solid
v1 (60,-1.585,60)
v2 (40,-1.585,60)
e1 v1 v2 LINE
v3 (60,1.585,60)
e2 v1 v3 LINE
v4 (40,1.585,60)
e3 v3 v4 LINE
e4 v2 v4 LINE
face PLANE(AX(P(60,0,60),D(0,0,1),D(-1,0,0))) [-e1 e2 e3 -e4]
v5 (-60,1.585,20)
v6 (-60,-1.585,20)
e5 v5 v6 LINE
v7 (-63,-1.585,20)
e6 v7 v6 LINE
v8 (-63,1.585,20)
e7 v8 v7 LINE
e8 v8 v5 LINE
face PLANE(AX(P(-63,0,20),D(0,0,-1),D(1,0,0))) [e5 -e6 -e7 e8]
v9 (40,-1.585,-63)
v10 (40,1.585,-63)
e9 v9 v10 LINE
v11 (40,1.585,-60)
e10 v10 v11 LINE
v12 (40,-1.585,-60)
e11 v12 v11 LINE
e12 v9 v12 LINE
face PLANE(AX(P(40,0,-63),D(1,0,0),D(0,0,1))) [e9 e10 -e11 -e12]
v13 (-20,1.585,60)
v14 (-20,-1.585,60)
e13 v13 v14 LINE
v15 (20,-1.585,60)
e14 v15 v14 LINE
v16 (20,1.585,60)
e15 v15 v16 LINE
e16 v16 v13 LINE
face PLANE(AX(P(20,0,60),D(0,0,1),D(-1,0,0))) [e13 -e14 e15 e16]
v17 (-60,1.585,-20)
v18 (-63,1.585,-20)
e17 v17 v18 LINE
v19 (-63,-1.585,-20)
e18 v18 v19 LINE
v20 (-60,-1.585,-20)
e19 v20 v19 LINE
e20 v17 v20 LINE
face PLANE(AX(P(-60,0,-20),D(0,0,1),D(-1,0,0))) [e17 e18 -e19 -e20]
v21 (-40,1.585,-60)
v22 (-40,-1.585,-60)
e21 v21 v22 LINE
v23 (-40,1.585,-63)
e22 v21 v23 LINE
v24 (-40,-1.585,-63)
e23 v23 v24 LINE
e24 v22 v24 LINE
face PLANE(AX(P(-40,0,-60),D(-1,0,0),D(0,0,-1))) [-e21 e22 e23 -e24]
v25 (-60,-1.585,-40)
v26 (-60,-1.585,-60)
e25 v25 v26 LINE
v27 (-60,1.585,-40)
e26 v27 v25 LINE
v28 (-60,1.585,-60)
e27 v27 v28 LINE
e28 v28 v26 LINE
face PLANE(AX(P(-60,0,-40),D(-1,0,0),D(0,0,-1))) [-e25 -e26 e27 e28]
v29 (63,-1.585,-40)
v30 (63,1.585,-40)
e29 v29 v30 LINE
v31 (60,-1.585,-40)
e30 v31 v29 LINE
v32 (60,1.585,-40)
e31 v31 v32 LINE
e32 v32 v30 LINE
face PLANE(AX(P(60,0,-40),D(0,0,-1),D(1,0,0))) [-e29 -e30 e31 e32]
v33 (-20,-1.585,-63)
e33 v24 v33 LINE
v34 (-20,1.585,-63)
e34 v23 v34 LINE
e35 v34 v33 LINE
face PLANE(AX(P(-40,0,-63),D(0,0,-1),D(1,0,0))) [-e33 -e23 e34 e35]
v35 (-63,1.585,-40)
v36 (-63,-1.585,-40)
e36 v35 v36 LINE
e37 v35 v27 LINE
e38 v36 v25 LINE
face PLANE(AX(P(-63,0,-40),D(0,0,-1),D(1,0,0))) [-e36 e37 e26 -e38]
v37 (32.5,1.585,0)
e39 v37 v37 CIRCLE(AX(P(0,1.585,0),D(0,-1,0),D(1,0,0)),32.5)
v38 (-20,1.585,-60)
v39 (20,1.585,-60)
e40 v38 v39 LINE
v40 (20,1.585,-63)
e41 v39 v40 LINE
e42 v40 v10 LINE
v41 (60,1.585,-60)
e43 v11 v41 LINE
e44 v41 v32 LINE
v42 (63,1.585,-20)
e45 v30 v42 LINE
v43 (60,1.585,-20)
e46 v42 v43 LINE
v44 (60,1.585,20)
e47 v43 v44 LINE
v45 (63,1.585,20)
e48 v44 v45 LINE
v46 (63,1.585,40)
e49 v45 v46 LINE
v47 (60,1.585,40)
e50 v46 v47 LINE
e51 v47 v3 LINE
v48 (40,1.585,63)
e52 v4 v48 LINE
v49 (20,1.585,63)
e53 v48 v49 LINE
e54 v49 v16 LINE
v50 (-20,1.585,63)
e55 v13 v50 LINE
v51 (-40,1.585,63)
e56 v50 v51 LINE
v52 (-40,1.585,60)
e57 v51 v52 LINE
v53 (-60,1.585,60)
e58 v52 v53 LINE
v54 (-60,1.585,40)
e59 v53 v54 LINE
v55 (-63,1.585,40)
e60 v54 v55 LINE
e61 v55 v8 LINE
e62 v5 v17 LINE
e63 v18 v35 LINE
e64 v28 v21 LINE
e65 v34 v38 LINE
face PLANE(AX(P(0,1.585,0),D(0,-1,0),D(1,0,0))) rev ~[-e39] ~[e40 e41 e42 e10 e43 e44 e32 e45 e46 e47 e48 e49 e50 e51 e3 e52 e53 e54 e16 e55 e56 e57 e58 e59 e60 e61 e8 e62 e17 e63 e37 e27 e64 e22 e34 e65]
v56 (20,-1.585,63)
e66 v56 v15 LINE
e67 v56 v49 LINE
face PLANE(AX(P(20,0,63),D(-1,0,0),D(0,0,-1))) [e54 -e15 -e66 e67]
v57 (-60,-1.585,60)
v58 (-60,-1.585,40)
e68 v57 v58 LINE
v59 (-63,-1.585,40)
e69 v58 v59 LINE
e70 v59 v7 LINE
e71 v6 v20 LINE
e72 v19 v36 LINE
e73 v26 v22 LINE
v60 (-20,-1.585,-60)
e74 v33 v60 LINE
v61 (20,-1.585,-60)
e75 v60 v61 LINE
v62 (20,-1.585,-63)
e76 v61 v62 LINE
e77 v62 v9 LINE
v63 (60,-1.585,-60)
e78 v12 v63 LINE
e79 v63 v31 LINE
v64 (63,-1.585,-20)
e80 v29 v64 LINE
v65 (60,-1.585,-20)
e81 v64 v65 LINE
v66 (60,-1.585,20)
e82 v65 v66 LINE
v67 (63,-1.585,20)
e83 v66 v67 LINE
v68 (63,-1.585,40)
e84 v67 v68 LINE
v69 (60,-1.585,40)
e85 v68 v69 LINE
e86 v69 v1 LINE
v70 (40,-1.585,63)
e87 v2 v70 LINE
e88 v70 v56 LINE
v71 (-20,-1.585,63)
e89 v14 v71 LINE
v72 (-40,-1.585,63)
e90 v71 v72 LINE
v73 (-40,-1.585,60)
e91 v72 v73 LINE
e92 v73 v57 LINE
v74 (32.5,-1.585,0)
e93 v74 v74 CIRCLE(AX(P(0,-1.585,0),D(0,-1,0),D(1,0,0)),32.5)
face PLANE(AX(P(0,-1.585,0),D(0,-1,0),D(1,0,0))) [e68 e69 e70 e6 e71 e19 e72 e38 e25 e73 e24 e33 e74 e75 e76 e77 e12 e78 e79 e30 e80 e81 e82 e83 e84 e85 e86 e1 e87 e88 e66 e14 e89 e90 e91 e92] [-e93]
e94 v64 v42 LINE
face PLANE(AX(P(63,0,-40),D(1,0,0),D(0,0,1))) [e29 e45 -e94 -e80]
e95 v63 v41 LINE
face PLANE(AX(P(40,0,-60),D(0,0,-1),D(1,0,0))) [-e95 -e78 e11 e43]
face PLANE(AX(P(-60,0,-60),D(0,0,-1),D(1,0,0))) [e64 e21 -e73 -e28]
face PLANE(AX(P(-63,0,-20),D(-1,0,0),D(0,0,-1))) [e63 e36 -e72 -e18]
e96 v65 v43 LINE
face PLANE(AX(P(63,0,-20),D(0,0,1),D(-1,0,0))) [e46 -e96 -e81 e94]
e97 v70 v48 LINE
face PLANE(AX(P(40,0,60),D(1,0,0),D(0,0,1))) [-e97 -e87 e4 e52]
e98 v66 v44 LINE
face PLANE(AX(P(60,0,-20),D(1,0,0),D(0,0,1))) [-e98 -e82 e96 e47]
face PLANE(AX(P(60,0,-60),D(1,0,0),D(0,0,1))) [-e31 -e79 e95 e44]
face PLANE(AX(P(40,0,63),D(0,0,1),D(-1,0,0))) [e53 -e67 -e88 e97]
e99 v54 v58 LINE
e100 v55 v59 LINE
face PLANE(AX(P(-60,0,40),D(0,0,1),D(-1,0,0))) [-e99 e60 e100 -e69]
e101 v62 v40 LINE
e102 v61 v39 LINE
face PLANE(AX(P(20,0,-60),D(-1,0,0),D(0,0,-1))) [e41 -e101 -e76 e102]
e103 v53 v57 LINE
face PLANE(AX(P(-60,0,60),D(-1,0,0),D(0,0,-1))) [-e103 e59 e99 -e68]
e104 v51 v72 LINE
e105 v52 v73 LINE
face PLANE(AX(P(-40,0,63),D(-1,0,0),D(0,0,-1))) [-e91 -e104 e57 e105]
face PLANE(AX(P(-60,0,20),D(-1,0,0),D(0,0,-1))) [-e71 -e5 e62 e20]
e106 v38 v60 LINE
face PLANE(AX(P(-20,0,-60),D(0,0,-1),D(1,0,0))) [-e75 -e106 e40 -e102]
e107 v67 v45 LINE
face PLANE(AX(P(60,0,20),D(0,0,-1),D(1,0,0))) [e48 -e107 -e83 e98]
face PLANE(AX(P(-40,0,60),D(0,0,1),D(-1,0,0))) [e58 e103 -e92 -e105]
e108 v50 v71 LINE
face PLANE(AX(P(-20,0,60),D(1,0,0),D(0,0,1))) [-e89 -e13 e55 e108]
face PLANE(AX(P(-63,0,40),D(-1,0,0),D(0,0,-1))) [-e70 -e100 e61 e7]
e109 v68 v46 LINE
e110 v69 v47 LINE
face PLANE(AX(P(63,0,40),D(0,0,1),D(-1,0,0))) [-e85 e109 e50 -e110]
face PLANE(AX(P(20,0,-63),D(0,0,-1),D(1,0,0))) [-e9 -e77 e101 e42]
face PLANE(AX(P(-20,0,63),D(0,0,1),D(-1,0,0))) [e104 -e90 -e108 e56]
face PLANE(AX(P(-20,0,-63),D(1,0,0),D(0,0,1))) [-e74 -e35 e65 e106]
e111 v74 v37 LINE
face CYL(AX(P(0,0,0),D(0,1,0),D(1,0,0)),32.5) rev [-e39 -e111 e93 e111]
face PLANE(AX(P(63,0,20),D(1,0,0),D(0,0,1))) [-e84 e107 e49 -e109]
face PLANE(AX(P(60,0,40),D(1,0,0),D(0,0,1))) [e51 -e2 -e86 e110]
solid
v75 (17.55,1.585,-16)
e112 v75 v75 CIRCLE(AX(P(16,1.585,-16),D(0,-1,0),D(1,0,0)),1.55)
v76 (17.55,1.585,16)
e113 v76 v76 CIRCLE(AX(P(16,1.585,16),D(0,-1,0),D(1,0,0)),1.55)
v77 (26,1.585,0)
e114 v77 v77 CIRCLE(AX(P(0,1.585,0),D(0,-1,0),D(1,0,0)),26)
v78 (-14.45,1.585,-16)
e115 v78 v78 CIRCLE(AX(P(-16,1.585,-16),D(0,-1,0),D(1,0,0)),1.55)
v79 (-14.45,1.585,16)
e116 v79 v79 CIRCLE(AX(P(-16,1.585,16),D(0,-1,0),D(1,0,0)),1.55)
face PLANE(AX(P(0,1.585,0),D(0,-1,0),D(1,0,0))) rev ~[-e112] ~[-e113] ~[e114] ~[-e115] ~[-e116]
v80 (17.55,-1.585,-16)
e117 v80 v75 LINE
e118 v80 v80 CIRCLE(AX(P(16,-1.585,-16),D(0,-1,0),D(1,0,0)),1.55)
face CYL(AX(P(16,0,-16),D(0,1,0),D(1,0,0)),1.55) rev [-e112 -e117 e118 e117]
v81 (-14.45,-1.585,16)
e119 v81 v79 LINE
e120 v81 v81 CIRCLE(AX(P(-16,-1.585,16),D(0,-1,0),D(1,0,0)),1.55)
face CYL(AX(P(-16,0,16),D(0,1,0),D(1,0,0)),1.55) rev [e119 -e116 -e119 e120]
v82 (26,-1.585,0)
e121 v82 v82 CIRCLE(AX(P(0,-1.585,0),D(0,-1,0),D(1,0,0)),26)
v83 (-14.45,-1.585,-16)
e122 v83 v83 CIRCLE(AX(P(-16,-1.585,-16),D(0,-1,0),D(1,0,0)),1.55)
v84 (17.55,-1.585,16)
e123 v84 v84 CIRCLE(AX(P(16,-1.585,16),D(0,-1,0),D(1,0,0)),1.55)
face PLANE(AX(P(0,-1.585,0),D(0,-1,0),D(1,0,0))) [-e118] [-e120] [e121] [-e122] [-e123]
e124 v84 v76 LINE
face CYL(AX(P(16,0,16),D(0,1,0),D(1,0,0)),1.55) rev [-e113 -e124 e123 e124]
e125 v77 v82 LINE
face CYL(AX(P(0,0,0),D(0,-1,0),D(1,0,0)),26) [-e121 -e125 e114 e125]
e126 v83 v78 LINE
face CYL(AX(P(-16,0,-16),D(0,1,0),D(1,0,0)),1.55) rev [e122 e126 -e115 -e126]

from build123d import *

# Parameters (mm, degrees)
F0_R     = 32.5
F1_DEPTH = 1.585
F0_R_2   = 26
F0_R_3   = 1.55
F2_DEPTH = 1.585


with BuildPart() as f1:
    # F0 (on Front) → F1 (new body, symmetric)
    with BuildSketch(Plane.XZ):
        Polygon((20, 60), (0, 60), (-20, 60), (-20, 63), (-40, 63), (-40, 60), (-60, 60), (-60, 40), (-63, 40), (-63, 20), (-60, 20), (-60, 0), (-60, -20), (-63, -20), (-63, -40), (-60, -40), (-60, -60), (-40, -60), (-40, -63), (-20, -63), (-20, -60), (0, -60), (20, -60), (20, -63), (40, -63), (40, -60), (60, -60), (60, -40), (63, -40), (63, -20), (60, -20), (60, 0), (60, 20), (63, 20), (63, 40), (60, 40), (60, 60), (40, 60), (40, 63), (20, 63), align=None)
        Circle(F0_R, mode=Mode.SUBTRACT)
    extrude(amount=F1_DEPTH, both=True)


with BuildPart() as f2:
    # F0 (on Front) → F2 (new body, symmetric)
    with BuildSketch(Plane.XZ):
        Circle(F0_R_2)
        with Locations((-16, -16)):
            Circle(F0_R_3, mode=Mode.SUBTRACT)
        with Locations((16, -16)):
            Circle(F0_R_3, mode=Mode.SUBTRACT)
        with Locations((-16, 16)):
            Circle(F0_R_3, mode=Mode.SUBTRACT)
        with Locations((16, 16)):
            Circle(F0_R_3, mode=Mode.SUBTRACT)
    extrude(amount=F2_DEPTH, both=True)


solid = Compound([f1.part, f2.part])
